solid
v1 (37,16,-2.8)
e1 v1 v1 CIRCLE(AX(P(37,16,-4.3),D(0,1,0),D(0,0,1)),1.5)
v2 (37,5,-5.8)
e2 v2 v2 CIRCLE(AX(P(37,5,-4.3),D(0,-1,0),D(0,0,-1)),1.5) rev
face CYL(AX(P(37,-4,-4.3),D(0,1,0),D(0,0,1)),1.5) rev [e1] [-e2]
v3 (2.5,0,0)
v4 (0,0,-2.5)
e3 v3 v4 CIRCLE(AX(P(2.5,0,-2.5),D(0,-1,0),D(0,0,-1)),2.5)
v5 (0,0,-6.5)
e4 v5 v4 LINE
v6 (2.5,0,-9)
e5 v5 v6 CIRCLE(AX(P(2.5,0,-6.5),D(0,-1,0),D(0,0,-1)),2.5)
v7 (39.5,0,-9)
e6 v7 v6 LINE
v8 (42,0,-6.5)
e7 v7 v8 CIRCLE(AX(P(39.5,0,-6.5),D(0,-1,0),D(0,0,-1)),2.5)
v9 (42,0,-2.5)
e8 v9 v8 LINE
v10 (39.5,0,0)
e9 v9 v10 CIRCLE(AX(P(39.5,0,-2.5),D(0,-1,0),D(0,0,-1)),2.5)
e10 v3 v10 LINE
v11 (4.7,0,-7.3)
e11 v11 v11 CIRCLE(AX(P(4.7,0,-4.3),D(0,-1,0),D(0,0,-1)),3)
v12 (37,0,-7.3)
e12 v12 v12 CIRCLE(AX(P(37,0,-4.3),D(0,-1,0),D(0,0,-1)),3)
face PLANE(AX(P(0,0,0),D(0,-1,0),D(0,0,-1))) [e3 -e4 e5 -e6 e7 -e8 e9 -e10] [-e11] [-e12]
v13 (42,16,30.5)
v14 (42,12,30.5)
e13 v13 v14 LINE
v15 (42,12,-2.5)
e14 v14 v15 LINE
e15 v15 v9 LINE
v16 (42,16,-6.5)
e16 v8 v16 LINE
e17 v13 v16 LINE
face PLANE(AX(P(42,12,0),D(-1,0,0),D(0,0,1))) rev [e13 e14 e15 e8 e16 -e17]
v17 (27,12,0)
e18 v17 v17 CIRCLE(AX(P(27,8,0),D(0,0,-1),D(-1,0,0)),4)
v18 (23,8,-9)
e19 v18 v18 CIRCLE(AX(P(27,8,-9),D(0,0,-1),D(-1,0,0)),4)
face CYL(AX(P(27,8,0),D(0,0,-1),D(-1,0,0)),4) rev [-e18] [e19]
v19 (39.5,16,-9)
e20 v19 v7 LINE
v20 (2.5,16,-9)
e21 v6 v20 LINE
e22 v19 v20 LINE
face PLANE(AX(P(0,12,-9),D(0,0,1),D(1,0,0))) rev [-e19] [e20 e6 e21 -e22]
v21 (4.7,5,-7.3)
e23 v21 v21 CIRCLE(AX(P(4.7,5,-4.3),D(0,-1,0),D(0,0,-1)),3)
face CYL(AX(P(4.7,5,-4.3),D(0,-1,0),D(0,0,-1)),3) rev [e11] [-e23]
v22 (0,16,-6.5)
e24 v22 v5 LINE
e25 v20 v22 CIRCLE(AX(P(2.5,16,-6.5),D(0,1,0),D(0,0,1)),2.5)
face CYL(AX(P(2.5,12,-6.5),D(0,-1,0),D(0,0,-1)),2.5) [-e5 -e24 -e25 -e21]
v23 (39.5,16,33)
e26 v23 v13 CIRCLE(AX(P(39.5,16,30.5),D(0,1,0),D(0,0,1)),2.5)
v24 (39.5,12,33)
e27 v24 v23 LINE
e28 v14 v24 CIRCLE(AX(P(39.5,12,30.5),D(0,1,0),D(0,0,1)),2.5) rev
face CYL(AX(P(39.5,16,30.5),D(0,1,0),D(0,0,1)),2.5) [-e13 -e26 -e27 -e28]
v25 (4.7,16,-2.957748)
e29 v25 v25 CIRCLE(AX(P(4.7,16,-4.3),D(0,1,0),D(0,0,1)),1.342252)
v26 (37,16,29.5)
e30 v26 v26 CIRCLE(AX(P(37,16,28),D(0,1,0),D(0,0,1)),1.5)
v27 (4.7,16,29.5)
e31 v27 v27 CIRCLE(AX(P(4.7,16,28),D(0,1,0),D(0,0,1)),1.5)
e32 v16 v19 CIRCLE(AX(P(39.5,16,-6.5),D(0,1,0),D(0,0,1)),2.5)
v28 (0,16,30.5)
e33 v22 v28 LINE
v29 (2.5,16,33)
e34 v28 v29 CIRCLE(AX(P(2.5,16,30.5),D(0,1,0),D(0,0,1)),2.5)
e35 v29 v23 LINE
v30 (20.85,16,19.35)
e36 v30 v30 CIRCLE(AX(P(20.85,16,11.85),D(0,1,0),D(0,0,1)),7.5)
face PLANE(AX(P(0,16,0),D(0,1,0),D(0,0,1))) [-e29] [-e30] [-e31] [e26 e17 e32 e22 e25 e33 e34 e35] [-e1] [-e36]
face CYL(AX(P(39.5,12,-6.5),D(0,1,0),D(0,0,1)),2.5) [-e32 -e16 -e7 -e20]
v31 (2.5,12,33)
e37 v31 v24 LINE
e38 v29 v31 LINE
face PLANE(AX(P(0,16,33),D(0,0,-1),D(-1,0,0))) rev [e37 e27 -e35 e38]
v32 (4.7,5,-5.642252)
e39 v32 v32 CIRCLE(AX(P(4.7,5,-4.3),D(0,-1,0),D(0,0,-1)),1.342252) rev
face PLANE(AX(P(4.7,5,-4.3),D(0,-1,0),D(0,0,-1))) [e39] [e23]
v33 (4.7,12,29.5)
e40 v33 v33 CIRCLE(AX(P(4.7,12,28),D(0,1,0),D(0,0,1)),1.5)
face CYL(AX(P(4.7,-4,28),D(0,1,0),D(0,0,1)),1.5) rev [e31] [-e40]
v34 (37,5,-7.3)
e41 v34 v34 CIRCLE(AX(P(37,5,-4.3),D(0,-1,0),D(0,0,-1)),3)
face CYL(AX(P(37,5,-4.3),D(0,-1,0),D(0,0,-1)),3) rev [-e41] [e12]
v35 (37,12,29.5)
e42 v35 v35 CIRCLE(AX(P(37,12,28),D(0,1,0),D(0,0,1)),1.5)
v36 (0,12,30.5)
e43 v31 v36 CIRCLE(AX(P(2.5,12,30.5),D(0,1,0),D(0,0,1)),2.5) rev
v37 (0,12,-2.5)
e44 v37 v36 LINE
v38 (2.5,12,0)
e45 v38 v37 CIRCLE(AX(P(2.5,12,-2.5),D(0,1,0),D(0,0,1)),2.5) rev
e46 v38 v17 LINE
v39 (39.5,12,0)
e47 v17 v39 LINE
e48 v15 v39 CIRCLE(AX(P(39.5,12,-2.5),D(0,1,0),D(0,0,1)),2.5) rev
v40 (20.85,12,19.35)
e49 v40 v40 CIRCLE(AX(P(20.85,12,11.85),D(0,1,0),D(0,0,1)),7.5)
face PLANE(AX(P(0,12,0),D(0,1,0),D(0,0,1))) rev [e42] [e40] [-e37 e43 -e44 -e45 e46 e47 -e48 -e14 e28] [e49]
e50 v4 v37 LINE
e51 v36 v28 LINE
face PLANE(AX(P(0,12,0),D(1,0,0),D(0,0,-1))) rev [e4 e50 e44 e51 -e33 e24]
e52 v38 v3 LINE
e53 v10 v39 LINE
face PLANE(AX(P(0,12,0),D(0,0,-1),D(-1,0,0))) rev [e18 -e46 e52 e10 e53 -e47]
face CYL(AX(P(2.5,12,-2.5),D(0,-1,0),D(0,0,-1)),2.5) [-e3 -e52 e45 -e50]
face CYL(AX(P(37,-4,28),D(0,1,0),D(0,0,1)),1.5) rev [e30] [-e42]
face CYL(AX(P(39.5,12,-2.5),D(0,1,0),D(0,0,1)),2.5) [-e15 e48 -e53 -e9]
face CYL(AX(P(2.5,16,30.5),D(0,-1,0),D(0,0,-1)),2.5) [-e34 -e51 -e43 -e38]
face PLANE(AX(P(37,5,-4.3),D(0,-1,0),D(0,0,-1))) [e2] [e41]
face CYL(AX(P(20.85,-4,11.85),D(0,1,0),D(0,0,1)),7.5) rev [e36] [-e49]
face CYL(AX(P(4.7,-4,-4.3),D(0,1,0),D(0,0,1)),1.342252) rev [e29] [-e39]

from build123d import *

# Parameters (mm, degrees)
SKETCH1_W           = 42
SKETCH1_H           = 9
BOSS_EXTRUDE1_DEPTH = 12
SKETCH2_W           = 42
SKETCH2_H           = 42
BOSS_EXTRUDE2_DEPTH = 4
FILLET1_R           = 2.5
FILLET2_R           = 2.5
FILLET3_R           = 2.5
FILLET4_R           = 2.5
FILLET5_R           = 2.5
FILLET6_R           = 2.5
SKETCH3_R           = 7.5
SKETCH3_R_2         = 1.5
SKETCH3_R_3         = 1.342252065
CUT_EXTRUDE1_DEPTH  = 20
SKETCH4_R           = 3
CUT_EXTRUDE2_DEPTH  = 5
SKETCH5_R           = 4
CUT_EXTRUDE3_DEPTH  = 9


with BuildPart() as part:
    # Sketch1 → Boss-Extrude1 (new body)
    with BuildSketch(Plane(origin=(0, 0, 0), x_dir=(1, 0, 0), z_dir=(0, 1, 0))):
        with Locations((21, 4.5)):
            Rectangle(SKETCH1_W, SKETCH1_H)
    extrude(amount=BOSS_EXTRUDE1_DEPTH)

    # Sketch2 → Boss-Extrude2 (add)
    with BuildSketch(Plane(origin=(0, 12, 0), x_dir=(1, 0, 0), z_dir=(0, 1, 0))):
        with Locations((21, -12)):
            Rectangle(SKETCH2_W, SKETCH2_H)
    extrude(amount=BOSS_EXTRUDE2_DEPTH)

    # Fillet1
    fillet1_edges = [part.edges().sort_by_distance(p)[0] for p in [
        (0, 14, 33),
    ]]
    fillet(fillet1_edges, radius=FILLET1_R)

    # Fillet2
    fillet2_edges = [part.edges().sort_by_distance(p)[0] for p in [
        (0, 8, -9),
    ]]
    fillet(fillet2_edges, radius=FILLET2_R)

    # Fillet3
    fillet3_edges = [part.edges().sort_by_distance(p)[0] for p in [
        (0, 6, 0),
    ]]
    fillet(fillet3_edges, radius=FILLET3_R)

    # Fillet4
    fillet4_edges = [part.edges().sort_by_distance(p)[0] for p in [
        (42, 14, 33),
    ]]
    fillet(fillet4_edges, radius=FILLET4_R)

    # Fillet5
    fillet5_edges = [part.edges().sort_by_distance(p)[0] for p in [
        (42, 6, 0),
    ]]
    fillet(fillet5_edges, radius=FILLET5_R)

    # Fillet6
    fillet6_edges = [part.edges().sort_by_distance(p)[0] for p in [
        (42, 8, -9),
    ]]
    fillet(fillet6_edges, radius=FILLET6_R)

    # Sketch3 → Cut-Extrude1 (cut)
    with BuildSketch(Plane(origin=(0, 16, 0), x_dir=(1, 0, 0), z_dir=(0, 1, 0))):
        with Locations(Location((20.85, -11.85, 0), (0, 0, 270))):
            Circle(SKETCH3_R)
        with Locations(Location((4.7, -28, 0), (0, 0, 270))):
            Circle(SKETCH3_R_2)
        with Locations(Location((37, -28, 0), (0, 0, 270))):
            Circle(SKETCH3_R_2)
        with Locations(Location((37, 4.3, 0), (0, 0, 270))):
            Circle(SKETCH3_R_2)
        with Locations(Location((4.7, 4.3, 0), (0, 0, 270))):
            Circle(SKETCH3_R_3)
    extrude(amount=-CUT_EXTRUDE1_DEPTH, mode=Mode.SUBTRACT)

    # Sketch4 → Cut-Extrude2 (cut)
    with BuildSketch(Plane.XZ):
        with Locations(Location((4.7, -4.3, 0), (0, 0, 270))):
            Circle(SKETCH4_R)
        with Locations(Location((37, -4.3, 0), (0, 0, 270))):
            Circle(SKETCH4_R)
    extrude(amount=-CUT_EXTRUDE2_DEPTH, mode=Mode.SUBTRACT)

    # Sketch5 → Cut-Extrude3 (cut)
    with BuildSketch(Plane(origin=(0, 0, -9), x_dir=(-1, 0, 0), z_dir=(0, 0, -1))):
        with Locations((-27, 8)):
            Circle(SKETCH5_R)
    extrude(amount=-CUT_EXTRUDE3_DEPTH, mode=Mode.SUBTRACT)


solid = part.part
